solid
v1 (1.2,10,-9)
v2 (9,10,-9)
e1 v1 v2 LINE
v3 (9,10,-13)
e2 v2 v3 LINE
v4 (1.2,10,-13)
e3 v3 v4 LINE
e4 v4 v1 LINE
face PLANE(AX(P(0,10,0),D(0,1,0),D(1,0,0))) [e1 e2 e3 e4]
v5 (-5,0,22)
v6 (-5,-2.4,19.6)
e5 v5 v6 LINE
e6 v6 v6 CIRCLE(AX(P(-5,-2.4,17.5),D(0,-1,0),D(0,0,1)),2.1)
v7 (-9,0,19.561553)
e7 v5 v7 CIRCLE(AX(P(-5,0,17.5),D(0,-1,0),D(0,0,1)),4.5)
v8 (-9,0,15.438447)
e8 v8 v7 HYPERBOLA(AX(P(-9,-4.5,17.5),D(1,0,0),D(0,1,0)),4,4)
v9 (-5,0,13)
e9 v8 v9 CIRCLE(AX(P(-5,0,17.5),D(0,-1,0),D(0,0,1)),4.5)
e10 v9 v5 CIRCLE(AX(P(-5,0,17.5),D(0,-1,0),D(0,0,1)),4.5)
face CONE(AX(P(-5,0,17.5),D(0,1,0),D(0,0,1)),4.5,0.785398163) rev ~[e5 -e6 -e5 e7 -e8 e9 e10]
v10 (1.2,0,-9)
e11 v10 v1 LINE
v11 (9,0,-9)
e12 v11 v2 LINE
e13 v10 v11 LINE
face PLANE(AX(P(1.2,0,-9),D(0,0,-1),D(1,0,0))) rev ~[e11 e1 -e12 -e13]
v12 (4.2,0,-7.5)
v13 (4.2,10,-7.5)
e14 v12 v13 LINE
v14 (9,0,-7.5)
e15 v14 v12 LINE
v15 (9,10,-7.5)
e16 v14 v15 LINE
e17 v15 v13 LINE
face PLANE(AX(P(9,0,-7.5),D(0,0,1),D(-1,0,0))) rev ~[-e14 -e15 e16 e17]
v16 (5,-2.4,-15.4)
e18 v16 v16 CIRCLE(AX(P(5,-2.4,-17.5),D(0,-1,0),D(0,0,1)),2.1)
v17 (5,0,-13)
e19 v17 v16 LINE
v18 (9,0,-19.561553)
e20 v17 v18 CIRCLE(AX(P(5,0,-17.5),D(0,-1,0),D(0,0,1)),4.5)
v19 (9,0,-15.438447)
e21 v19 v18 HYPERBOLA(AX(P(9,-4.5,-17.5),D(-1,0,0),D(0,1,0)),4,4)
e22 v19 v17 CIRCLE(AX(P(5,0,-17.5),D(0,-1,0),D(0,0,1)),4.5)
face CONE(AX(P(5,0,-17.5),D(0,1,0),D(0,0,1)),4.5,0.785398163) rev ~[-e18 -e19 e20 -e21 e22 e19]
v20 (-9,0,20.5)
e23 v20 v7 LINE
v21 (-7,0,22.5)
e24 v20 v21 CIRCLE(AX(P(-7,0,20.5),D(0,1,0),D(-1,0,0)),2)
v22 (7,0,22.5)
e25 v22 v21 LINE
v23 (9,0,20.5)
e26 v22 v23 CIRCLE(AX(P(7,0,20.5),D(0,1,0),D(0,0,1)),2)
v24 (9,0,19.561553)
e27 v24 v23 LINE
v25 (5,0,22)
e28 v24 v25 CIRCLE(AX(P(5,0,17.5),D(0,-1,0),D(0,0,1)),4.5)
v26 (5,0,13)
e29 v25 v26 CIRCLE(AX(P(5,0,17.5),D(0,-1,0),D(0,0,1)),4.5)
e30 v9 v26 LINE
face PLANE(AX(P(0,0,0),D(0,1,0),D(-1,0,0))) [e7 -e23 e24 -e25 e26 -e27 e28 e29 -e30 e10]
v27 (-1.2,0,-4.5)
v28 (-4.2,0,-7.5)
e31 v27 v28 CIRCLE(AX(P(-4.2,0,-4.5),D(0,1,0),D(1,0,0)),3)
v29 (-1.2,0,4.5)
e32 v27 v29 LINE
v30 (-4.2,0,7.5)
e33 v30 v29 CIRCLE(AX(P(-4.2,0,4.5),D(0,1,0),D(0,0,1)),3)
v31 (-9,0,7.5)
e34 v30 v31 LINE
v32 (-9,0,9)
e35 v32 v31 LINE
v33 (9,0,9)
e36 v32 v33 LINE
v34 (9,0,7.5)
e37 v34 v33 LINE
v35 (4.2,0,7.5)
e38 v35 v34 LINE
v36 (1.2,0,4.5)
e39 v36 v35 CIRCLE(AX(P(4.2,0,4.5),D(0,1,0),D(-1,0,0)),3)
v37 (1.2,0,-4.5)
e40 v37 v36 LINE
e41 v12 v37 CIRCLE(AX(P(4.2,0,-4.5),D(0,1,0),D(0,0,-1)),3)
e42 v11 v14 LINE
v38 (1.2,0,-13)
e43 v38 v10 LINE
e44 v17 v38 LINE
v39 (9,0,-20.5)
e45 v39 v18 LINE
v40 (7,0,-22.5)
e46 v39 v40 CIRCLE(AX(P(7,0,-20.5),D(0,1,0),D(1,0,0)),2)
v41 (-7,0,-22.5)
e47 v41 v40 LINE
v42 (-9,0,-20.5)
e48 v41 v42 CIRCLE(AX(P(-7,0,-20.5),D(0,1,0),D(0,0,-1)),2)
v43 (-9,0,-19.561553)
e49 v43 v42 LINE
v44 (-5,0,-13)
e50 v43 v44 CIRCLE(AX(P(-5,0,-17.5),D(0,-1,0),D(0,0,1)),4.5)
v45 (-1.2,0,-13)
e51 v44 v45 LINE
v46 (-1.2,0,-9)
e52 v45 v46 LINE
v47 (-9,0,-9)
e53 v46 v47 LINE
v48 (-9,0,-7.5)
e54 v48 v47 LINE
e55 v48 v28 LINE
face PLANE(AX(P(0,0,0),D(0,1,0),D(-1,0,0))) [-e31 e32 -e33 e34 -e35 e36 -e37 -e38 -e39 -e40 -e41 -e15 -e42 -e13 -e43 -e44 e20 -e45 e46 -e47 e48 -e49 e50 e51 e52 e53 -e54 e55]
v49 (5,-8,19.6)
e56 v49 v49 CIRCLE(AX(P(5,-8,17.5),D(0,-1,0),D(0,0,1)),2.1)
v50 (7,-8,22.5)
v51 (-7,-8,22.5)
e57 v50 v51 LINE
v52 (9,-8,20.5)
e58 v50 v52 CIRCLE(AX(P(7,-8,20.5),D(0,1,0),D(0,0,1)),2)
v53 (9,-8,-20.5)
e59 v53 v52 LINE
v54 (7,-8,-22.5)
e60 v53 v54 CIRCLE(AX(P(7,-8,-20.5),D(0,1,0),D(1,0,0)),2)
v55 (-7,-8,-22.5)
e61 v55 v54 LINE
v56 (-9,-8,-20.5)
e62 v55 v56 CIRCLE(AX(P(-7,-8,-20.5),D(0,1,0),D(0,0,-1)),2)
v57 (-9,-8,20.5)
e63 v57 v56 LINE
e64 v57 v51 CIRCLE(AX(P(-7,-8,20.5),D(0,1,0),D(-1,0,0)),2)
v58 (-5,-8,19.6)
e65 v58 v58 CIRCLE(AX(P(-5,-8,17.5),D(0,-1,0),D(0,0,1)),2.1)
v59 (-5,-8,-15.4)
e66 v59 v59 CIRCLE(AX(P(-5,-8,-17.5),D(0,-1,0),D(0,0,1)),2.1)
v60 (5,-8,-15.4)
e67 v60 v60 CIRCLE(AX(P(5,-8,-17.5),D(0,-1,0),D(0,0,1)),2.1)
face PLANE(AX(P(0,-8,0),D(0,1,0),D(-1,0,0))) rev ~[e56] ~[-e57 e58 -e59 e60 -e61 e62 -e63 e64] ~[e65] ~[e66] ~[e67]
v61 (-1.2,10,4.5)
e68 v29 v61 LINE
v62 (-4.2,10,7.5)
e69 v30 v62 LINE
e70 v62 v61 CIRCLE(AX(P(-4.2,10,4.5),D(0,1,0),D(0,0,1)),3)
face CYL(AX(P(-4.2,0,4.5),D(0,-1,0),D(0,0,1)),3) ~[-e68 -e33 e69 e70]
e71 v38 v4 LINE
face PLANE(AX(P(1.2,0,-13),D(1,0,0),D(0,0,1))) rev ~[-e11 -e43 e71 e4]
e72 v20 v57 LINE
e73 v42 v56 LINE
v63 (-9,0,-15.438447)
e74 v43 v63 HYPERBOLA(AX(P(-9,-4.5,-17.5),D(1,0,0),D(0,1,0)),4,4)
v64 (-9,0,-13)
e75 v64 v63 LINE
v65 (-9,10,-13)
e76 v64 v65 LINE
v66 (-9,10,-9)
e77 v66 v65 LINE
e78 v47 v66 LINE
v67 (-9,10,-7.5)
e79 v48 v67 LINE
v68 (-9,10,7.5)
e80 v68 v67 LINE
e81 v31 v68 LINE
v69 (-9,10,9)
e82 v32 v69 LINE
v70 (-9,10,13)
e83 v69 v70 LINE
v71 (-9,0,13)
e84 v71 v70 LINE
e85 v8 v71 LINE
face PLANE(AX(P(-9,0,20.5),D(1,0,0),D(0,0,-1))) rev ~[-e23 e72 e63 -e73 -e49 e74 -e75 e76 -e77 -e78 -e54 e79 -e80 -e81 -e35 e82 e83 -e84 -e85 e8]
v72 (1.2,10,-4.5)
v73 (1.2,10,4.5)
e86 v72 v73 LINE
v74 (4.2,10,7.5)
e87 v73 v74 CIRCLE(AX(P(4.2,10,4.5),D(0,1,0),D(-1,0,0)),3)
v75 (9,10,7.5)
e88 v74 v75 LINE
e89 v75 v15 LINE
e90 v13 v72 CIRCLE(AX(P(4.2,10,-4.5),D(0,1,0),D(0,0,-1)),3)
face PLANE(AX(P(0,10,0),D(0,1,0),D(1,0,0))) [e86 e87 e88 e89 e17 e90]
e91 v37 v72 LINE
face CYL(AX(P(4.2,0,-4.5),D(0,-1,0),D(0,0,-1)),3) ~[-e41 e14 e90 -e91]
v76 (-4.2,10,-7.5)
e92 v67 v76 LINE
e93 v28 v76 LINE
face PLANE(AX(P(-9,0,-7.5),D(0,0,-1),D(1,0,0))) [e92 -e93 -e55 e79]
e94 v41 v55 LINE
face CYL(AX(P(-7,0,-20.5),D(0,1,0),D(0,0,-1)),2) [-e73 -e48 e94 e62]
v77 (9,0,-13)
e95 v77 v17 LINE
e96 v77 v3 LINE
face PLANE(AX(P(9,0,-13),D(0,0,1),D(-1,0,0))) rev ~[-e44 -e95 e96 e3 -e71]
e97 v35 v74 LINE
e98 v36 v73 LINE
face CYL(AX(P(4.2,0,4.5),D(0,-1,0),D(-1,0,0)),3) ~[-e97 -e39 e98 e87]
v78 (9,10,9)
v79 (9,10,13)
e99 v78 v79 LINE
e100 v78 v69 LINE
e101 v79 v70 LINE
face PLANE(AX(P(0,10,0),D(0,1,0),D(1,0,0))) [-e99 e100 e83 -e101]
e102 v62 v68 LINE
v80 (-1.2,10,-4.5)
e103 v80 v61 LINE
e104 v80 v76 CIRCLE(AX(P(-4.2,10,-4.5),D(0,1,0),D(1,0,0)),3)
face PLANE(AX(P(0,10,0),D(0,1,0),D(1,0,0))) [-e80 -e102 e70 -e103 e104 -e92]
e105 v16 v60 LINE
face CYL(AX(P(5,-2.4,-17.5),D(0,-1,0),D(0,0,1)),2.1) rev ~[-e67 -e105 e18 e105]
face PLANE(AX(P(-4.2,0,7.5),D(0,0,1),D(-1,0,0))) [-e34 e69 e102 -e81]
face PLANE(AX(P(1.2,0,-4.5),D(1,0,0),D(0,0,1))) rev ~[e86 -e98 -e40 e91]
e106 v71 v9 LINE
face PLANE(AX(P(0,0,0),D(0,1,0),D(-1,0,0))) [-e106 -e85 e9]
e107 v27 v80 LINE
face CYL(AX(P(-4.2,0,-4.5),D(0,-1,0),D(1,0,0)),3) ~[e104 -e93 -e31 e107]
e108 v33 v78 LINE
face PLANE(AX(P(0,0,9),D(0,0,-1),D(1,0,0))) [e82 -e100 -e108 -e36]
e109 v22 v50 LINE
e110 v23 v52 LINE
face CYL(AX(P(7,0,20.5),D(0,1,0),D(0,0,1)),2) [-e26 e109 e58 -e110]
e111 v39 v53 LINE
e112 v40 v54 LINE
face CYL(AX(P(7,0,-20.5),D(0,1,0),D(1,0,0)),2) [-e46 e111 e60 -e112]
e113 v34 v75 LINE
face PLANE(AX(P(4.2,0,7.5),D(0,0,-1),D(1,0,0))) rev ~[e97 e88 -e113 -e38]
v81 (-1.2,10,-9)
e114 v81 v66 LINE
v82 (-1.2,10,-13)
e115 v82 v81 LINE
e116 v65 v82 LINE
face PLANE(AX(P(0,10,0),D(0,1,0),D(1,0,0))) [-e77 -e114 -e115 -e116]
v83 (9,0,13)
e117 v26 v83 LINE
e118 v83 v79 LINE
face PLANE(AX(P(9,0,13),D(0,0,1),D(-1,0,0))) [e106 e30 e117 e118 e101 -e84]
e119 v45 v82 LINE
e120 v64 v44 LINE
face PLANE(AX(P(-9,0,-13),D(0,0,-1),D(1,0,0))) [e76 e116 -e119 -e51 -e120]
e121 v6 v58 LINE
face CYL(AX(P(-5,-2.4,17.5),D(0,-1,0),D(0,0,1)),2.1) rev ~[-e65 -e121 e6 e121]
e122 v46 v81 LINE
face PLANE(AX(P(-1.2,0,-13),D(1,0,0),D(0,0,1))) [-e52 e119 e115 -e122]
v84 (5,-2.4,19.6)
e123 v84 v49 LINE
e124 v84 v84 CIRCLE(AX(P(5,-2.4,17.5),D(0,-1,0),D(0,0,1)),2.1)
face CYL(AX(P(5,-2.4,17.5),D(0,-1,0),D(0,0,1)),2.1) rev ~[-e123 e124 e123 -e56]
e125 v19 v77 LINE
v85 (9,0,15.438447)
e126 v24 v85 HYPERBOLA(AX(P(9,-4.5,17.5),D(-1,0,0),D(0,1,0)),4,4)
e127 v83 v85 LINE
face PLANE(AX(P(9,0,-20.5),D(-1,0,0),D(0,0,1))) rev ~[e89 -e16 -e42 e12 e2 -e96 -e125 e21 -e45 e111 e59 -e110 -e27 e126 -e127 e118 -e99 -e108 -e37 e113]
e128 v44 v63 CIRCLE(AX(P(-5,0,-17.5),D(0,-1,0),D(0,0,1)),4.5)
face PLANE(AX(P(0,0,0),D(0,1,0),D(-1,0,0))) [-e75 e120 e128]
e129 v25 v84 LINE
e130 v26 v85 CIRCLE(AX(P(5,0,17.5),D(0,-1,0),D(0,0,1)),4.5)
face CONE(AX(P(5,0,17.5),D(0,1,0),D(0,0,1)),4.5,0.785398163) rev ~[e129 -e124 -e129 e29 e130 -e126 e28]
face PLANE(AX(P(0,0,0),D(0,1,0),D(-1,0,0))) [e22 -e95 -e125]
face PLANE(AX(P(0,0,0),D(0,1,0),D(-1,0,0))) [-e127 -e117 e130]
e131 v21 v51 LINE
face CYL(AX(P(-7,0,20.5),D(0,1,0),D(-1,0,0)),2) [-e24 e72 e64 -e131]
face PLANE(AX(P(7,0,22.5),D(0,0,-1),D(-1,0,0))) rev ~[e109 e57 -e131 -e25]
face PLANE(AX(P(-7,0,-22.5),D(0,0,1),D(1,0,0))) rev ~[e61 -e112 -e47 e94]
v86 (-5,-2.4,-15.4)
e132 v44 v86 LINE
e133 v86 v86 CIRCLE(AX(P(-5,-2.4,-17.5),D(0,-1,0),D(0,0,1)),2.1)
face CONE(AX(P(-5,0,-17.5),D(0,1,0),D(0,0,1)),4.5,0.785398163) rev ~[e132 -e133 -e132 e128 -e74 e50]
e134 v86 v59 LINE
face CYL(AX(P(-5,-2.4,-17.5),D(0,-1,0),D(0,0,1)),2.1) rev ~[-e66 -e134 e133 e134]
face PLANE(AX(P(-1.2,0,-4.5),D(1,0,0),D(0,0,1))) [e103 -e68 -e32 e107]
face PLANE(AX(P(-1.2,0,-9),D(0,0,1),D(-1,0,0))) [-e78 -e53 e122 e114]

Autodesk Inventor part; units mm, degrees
ref_plane "YZ Plane" through (0, 0, 0) normal (1, 0, 0) x (0, 1, 0)
ref_plane "XZ Plane" through (0, 0, 0) normal (0, 1, 0) x (-1, 0, 0)
ref_plane "XY Plane" through (0, 0, 0) normal (0, 0, 1) x (1, 0, 0)
sketch "Esquisse1" plane through (0, 0, 0) normal (0, 1, 0) x (-1, 0, 0)
  line L0 (-7, 22.5) -> (7, 22.5)
  line L1 (9, 20.5) -> (9, -20.5)
  line L2 (7, -22.5) -> (-7, -22.5)
  line L3 (-9, -20.5) -> (-9, 20.5)
  line L4 (-9, 22.5) -> (9, -22.5) construction
  line L5 (9, 22.5) -> (-9, -22.5) construction
  line L6 (-5, -17.5) -> (5, -17.5) construction
  line L7 (5, -17.5) -> (5, 17.5) construction
  line L8 (5, 17.5) -> (-5, 17.5) construction
  line L9 (-5, 17.5) -> (-5, -17.5) construction
  line L10 (-5, -17.5) -> (5, 17.5) construction
  line L11 (5, -17.5) -> (-5, 17.5) construction
  arc A0 (9, 20.5) -> (7, 22.5) centre (7, 20.5) ccw
  arc A1 (-7, 22.5) -> (-9, 20.5) centre (-7, 20.5) ccw
  arc A2 (-9, -20.5) -> (-7, -22.5) centre (-7, -20.5) ccw
  arc A3 (7, -22.5) -> (9, -20.5) centre (7, -20.5) ccw
  point P0 (0, 0)
  dimension "d0" = 18
  dimension "d1" = 45
  dimension "d3" = 4
  dimension "d4" = 5
  dimension "d25" = 2
extrude "Extrusion1" add sketch "Esquisse1" against normal blind 8
hole "Perçage1" at (-5, 0, 17.5) at (5, 0, 17.5) at (5, 0, -17.5) at (-5, 0, -17.5) direction (0, -1, 0) diameter 4.2 end through all countersink diameter 9 countersink angle 90
sketch "Esquisse2" plane through (0, 0, 0) normal (0, 1, 0) x (1, 0, 0)
  line L0 (-9, -20.5) -> (-9, 20.5) construction
  line L1 (9, 13) -> (-9, 13) construction
  line L2 (-9, 13) -> (-9, -13) construction
  line L3 (-9, -13) -> (9, -13) construction
  line L4 (9, -13) -> (9, 13) construction
  line L5 (9, 13) -> (-9, -13) construction
  line L6 (-9, 13) -> (9, -13) construction
  line L7 (9, 7.5) -> (4.2, 7.5)
  line L8 (1.2, 4.5) -> (1.2, -4.5)
  line L9 (4.2, -7.5) -> (9, -7.5)
  line L10 (9, -7.5) -> (9, 7.5)
  arc A0 (1.2, -4.5) -> (4.2, -7.5) centre (4.2, -4.5) ccw
  arc A1 (4.2, 7.5) -> (1.2, 4.5) centre (4.2, 4.5) ccw
  line L11 (9, -13) -> (-9, -13)
  line L12 (-9, -9) -> (9, -9)
  line L13 (9, -9) -> (9, -13)
  line L14 (9, 13) -> (1.2, 13)
  line L15 (1.2, 13) -> (1.2, 9)
  line L16 (1.2, 9) -> (9, 9)
  line L17 (9, 9) -> (9, 13)
  line L18 (0, -22.5) -> (0, 22.5)
  line L19 (-7, -22.5) -> (7, -22.5) construction
  line L20 (7, 22.5) -> (-7, 22.5) construction
  line L21 (-9, -13) -> (-9, 13) construction
  line L22 (-9, 7.5) -> (-4.2, 7.5)
  line L23 (-1.2, 4.5) -> (-1.2, -4.5)
  line L24 (-4.2, -7.5) -> (-9, -7.5)
  line L25 (-9, -7.5) -> (-9, 7.5)
  arc A2 (-4.2, -7.5) -> (-1.2, -4.5) centre (-4.2, -4.5) ccw
  arc A3 (-1.2, 4.5) -> (-4.2, 7.5) centre (-4.2, 4.5) ccw
  line L26 (-9, -9) -> (-9, -13)
  line L27 (-9, 13) -> (-1.2, 13)
  line L28 (-1.2, 13) -> (-1.2, 9)
  line L29 (-1.2, 9) -> (-9, 9)
  line L30 (-9, 9) -> (-9, 13)
  point P0 (0, 0)
  point P1 (-9, -22.5)
  point P2 (-9, 22.5)
  dimension "d17" = 1.5
  dimension "d19" = 15
  dimension "d20" = 4
  dimension "d21" = 3
  dimension "d22" = 4
  dimension "d23" = 1.5
  dimension "d24" = 1.2
extrude "Extrusion2" add sketch "Esquisse2" along normal blind 10
properties part number "jonction de courroie"
